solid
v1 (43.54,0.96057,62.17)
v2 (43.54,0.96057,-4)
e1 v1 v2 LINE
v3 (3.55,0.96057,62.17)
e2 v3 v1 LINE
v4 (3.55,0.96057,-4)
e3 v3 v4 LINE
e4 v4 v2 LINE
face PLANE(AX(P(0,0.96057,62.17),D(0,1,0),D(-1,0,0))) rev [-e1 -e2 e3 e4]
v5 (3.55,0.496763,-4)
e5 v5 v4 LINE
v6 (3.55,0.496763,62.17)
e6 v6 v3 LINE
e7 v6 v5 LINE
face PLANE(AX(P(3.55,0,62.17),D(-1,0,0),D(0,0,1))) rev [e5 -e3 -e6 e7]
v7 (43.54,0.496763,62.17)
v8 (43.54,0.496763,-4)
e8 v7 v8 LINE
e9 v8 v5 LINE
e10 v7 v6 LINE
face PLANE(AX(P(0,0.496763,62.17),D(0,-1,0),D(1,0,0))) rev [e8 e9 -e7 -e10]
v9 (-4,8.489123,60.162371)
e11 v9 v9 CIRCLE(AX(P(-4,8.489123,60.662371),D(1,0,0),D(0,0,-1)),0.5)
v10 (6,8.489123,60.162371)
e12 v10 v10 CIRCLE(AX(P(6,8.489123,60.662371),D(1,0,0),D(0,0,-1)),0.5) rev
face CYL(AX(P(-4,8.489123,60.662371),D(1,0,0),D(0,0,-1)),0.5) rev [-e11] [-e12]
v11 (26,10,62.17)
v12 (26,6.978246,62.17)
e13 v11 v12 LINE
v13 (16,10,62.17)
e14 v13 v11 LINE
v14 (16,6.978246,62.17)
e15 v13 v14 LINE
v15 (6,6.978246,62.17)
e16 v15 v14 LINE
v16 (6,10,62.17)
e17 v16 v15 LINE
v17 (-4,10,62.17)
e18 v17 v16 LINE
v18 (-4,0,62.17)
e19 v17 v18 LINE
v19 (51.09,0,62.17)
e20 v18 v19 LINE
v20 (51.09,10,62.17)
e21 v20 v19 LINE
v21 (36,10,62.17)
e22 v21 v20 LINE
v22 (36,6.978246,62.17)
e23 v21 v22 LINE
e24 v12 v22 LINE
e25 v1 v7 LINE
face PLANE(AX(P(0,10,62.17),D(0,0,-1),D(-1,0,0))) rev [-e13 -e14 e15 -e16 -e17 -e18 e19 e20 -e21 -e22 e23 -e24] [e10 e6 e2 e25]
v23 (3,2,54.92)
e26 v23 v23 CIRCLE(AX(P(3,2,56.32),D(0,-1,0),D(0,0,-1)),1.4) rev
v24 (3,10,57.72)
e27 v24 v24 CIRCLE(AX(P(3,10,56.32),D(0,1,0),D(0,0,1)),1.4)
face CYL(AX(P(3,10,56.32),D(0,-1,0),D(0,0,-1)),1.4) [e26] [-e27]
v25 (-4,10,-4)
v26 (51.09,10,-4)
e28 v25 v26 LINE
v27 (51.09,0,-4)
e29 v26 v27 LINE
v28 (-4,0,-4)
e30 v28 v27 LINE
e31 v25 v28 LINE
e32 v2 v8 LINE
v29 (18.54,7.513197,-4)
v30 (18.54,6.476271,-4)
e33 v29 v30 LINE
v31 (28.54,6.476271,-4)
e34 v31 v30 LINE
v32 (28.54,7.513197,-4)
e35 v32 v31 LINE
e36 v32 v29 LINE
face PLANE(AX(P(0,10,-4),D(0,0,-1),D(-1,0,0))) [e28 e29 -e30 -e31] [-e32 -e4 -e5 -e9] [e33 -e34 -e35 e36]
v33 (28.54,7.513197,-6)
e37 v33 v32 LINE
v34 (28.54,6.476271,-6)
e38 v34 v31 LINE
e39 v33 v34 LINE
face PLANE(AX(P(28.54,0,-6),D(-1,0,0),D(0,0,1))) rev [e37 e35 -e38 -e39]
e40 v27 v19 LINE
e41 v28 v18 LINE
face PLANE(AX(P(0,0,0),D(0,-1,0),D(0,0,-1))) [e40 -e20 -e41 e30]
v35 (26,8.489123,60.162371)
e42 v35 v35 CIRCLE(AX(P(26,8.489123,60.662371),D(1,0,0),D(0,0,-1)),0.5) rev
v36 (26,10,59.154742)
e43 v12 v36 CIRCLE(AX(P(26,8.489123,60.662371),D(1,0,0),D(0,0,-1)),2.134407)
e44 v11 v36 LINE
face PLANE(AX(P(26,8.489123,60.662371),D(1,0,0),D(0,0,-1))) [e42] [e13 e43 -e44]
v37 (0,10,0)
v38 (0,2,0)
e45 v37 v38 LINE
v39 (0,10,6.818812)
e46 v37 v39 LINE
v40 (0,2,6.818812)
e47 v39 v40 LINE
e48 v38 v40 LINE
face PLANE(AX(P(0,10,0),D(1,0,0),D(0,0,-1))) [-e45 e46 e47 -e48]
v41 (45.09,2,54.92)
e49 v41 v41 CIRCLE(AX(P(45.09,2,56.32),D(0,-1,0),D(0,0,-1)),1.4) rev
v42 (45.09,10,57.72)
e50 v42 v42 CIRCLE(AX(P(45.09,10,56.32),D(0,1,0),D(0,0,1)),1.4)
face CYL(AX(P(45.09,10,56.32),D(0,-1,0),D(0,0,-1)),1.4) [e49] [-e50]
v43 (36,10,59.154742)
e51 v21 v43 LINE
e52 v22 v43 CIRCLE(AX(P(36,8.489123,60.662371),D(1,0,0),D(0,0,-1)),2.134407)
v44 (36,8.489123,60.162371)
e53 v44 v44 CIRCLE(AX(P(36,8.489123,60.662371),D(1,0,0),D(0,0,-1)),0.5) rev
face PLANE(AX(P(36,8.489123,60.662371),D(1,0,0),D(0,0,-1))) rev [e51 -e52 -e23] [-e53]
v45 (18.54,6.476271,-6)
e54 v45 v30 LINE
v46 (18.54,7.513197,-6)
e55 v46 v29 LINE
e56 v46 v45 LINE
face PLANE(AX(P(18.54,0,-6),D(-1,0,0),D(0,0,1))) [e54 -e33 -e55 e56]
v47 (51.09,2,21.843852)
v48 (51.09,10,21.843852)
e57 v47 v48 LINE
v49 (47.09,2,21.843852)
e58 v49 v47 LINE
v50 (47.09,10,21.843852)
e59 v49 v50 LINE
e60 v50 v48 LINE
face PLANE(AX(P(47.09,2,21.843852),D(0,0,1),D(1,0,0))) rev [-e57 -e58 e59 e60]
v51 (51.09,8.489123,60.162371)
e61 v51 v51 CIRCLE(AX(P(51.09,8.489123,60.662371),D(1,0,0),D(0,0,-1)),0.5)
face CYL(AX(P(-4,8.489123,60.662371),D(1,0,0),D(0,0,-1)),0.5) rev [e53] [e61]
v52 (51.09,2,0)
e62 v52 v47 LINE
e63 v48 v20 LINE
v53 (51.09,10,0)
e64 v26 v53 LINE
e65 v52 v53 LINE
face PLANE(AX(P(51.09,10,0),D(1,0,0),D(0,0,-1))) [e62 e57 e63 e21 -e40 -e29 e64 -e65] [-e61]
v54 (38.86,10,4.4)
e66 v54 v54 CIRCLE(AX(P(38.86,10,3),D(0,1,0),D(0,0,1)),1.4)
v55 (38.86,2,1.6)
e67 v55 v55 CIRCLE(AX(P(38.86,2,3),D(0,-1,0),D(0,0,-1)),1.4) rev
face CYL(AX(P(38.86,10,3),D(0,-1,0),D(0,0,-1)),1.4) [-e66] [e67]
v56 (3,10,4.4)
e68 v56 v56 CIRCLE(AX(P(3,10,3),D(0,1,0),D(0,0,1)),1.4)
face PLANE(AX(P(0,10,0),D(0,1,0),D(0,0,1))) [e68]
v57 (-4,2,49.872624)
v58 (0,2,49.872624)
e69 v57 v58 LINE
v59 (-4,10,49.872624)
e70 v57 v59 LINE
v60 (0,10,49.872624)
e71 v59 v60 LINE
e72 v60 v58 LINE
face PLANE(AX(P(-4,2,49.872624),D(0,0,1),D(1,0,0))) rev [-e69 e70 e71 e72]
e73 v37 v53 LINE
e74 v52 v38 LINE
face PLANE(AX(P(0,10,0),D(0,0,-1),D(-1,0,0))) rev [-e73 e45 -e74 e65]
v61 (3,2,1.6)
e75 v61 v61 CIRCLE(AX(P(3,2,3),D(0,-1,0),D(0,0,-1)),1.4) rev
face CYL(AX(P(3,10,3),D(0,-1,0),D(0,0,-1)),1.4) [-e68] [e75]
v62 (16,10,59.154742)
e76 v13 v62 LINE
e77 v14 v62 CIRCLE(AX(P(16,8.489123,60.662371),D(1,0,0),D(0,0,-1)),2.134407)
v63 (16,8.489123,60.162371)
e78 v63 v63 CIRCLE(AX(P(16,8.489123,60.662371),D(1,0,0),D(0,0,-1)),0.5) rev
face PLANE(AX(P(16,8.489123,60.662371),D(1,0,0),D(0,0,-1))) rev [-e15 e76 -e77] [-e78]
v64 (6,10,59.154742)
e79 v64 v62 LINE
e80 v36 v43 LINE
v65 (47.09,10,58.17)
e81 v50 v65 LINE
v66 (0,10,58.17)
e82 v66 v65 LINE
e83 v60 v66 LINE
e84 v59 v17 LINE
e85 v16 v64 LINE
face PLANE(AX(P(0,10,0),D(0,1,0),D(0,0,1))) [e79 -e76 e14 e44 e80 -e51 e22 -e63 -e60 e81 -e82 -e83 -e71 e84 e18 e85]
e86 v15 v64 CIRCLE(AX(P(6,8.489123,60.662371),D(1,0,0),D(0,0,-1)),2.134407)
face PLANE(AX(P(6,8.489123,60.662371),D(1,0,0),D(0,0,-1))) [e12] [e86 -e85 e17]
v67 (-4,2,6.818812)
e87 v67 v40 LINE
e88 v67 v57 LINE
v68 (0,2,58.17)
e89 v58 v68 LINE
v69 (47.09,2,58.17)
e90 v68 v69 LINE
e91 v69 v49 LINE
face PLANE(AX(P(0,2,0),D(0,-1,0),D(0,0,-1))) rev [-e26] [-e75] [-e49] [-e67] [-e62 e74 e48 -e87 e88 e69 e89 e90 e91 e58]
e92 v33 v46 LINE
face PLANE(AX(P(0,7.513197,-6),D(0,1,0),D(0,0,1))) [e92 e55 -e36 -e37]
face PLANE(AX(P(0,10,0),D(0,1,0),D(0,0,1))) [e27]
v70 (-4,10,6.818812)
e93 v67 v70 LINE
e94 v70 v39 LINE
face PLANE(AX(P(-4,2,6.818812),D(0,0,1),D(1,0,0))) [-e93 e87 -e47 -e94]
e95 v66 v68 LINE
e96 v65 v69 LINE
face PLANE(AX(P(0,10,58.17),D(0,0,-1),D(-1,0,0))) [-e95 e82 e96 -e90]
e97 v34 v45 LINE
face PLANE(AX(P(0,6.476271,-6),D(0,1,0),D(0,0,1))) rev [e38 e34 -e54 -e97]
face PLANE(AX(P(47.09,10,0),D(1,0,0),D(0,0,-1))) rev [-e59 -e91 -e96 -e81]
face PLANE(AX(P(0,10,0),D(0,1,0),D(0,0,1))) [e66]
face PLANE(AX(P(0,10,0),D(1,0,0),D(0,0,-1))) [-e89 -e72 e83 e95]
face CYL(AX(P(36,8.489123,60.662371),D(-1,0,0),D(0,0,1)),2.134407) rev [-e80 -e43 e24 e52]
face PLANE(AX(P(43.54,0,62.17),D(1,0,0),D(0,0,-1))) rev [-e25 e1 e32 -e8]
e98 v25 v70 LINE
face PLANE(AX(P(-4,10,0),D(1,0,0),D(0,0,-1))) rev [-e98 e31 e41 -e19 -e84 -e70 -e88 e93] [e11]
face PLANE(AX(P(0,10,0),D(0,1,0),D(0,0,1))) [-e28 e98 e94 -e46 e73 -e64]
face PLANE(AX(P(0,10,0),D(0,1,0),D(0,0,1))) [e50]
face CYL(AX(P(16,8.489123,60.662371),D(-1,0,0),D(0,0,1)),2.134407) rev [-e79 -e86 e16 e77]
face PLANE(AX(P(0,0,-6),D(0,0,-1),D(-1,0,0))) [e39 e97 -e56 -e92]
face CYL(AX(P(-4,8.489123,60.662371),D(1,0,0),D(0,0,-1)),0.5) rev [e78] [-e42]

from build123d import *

# Parameters (mm, degrees)
SKETCH1_W           = 47.09
SKETCH1_H           = 58.17
BOSS_EXTRUDE1_DEPTH = 2
SKETCH2_R           = 1.4
BOSS_EXTRUDE2_DEPTH = 8
BOSS_EXTRUDE3_DEPTH = 10
SKETCH6_W           = 4.055357108
SKETCH6_H           = 43.053811849
SKETCH6_W_2         = 4
SKETCH6_H_2         = 21.843851608
CUT_EXTRUDE2_DEPTH  = 8
SKETCH8_R           = 0.5
CUT_EXTRUDE3_DEPTH  = 84.666104248
SKETCH10_R          = 2.134407384
CUT_EXTRUDE4_DEPTH  = 10
SKETCH11_R          = 2.134407384
CUT_EXTRUDE5_DEPTH  = 10
BOSS_EXTRUDE4_DEPTH = 2
SKETCH13_W          = 39.99
SKETCH13_H          = 0.463806664
CUT_EXTRUDE6_DEPTH  = 85.194162505


with BuildPart() as part:
    # Sketch1 → Boss-Extrude1 (new body)
    with BuildSketch(Plane(origin=(0, 0, 0), x_dir=(1, 0, 0), z_dir=(0, 1, 0))):
        with Locations((23.545, -29.085)):
            Rectangle(SKETCH1_W, SKETCH1_H)
    extrude(amount=BOSS_EXTRUDE1_DEPTH)

    # Sketch2 → Boss-Extrude2 (add)
    with BuildSketch(Plane(origin=(0, 2, 0), x_dir=(1, 0, 0), z_dir=(0, 1, 0))):
        with Locations(Location((38.86, -3, 0), (0, 0, 90))):
            Circle(SKETCH2_R)
        with Locations(Location((45.09, -56.32, 0), (0, 0, 90))):
            Circle(SKETCH2_R)
        with Locations(Location((3, -56.32, 0), (0, 0, 90))):
            Circle(SKETCH2_R)
        with Locations(Location((3, -3, 0), (0, 0, 90))):
            Circle(SKETCH2_R)
    extrude(amount=BOSS_EXTRUDE2_DEPTH)

    # Sketch3 → Boss-Extrude3 (add)
    with BuildSketch(Plane(origin=(0, 0, 0), x_dir=(1, 0, 0), z_dir=(0, 1, 0))):
        Polygon((0, -26.469922438), (0, 0), (23.66505447, 0), (23.66505447, 4), (-4, 4), (-4, -26.469922438), align=None)
        Polygon((23.66505447, 4), (23.66505447, 0), (47.09, 0), (47.09, -29.085), (51.09, -29.085), (51.09, 4), align=None)
        Polygon((47.09, -58.17), (23.66505447, -58.17), (23.66505447, -62.17), (51.09, -62.17), (51.09, -29.085), (47.09, -29.085), align=None)
        Polygon((0, -58.17), (0, -26.469922438), (-4, -26.469922438), (-4, -62.17), (23.66505447, -62.17), (23.66505447, -58.17), align=None)
    extrude(amount=BOSS_EXTRUDE3_DEPTH)

    # Sketch6 → Cut-Extrude2 (cut)
    with BuildSketch(Plane(origin=(0, 10, 0), x_dir=(1, 0, 0), z_dir=(0, 1, 0))):
        with Locations((-1.972321446, -28.345718343)):
            Rectangle(SKETCH6_W, SKETCH6_H)
        with Locations((49.09, -10.921925804)):
            Rectangle(SKETCH6_W_2, SKETCH6_H_2)
    extrude(amount=-CUT_EXTRUDE2_DEPTH, mode=Mode.SUBTRACT)

    # Sketch8 → Cut-Extrude3 (cut, through all)
    with BuildSketch(Plane(origin=(51.09, 0, 0), x_dir=(0, 0, -1), z_dir=(1, 0, 0))):
        with Locations((-60.66237095, 8.489122927)):
            Circle(SKETCH8_R)
    extrude(amount=-CUT_EXTRUDE3_DEPTH, mode=Mode.SUBTRACT)

    # Sketch10 → Cut-Extrude4 (cut)
    with BuildSketch(Plane(origin=(6, 10, 62.17), x_dir=(0, 0, -1), z_dir=(1, 0, 0))):
        with Locations((1.50762905, -1.510877073)):
            Circle(SKETCH10_R)
    extrude(amount=CUT_EXTRUDE4_DEPTH, mode=Mode.SUBTRACT)

    # Sketch11 → Cut-Extrude5 (cut)
    with BuildSketch(Plane(origin=(26, 10, 62.17), x_dir=(0, 0, -1), z_dir=(1, 0, 0))):
        with Locations((1.50762905, -1.510877073)):
            Circle(SKETCH11_R)
    extrude(amount=CUT_EXTRUDE5_DEPTH, mode=Mode.SUBTRACT)

    # Sketch12 → Boss-Extrude4 (add)
    with BuildSketch(Plane(origin=(0, 0, -4), x_dir=(-1, 0, 0), z_dir=(0, 0, -1))):
        Polygon((-23.54, 7.513197032), (-28.54, 7.513197032), (-28.54, 6.476270602), (-18.54, 6.476270602), (-18.54, 7.513197032), align=None)
    extrude(amount=BOSS_EXTRUDE4_DEPTH)

    # Sketch13 → Cut-Extrude6 (cut, through all)
    with BuildSketch(Plane(origin=(0, 0, -4), x_dir=(-1, 0, 0), z_dir=(0, 0, -1))):
        with Locations((-23.545, 0.728666672)):
            Rectangle(SKETCH13_W, SKETCH13_H)
    extrude(amount=-CUT_EXTRUDE6_DEPTH, mode=Mode.SUBTRACT)


solid = part.part
